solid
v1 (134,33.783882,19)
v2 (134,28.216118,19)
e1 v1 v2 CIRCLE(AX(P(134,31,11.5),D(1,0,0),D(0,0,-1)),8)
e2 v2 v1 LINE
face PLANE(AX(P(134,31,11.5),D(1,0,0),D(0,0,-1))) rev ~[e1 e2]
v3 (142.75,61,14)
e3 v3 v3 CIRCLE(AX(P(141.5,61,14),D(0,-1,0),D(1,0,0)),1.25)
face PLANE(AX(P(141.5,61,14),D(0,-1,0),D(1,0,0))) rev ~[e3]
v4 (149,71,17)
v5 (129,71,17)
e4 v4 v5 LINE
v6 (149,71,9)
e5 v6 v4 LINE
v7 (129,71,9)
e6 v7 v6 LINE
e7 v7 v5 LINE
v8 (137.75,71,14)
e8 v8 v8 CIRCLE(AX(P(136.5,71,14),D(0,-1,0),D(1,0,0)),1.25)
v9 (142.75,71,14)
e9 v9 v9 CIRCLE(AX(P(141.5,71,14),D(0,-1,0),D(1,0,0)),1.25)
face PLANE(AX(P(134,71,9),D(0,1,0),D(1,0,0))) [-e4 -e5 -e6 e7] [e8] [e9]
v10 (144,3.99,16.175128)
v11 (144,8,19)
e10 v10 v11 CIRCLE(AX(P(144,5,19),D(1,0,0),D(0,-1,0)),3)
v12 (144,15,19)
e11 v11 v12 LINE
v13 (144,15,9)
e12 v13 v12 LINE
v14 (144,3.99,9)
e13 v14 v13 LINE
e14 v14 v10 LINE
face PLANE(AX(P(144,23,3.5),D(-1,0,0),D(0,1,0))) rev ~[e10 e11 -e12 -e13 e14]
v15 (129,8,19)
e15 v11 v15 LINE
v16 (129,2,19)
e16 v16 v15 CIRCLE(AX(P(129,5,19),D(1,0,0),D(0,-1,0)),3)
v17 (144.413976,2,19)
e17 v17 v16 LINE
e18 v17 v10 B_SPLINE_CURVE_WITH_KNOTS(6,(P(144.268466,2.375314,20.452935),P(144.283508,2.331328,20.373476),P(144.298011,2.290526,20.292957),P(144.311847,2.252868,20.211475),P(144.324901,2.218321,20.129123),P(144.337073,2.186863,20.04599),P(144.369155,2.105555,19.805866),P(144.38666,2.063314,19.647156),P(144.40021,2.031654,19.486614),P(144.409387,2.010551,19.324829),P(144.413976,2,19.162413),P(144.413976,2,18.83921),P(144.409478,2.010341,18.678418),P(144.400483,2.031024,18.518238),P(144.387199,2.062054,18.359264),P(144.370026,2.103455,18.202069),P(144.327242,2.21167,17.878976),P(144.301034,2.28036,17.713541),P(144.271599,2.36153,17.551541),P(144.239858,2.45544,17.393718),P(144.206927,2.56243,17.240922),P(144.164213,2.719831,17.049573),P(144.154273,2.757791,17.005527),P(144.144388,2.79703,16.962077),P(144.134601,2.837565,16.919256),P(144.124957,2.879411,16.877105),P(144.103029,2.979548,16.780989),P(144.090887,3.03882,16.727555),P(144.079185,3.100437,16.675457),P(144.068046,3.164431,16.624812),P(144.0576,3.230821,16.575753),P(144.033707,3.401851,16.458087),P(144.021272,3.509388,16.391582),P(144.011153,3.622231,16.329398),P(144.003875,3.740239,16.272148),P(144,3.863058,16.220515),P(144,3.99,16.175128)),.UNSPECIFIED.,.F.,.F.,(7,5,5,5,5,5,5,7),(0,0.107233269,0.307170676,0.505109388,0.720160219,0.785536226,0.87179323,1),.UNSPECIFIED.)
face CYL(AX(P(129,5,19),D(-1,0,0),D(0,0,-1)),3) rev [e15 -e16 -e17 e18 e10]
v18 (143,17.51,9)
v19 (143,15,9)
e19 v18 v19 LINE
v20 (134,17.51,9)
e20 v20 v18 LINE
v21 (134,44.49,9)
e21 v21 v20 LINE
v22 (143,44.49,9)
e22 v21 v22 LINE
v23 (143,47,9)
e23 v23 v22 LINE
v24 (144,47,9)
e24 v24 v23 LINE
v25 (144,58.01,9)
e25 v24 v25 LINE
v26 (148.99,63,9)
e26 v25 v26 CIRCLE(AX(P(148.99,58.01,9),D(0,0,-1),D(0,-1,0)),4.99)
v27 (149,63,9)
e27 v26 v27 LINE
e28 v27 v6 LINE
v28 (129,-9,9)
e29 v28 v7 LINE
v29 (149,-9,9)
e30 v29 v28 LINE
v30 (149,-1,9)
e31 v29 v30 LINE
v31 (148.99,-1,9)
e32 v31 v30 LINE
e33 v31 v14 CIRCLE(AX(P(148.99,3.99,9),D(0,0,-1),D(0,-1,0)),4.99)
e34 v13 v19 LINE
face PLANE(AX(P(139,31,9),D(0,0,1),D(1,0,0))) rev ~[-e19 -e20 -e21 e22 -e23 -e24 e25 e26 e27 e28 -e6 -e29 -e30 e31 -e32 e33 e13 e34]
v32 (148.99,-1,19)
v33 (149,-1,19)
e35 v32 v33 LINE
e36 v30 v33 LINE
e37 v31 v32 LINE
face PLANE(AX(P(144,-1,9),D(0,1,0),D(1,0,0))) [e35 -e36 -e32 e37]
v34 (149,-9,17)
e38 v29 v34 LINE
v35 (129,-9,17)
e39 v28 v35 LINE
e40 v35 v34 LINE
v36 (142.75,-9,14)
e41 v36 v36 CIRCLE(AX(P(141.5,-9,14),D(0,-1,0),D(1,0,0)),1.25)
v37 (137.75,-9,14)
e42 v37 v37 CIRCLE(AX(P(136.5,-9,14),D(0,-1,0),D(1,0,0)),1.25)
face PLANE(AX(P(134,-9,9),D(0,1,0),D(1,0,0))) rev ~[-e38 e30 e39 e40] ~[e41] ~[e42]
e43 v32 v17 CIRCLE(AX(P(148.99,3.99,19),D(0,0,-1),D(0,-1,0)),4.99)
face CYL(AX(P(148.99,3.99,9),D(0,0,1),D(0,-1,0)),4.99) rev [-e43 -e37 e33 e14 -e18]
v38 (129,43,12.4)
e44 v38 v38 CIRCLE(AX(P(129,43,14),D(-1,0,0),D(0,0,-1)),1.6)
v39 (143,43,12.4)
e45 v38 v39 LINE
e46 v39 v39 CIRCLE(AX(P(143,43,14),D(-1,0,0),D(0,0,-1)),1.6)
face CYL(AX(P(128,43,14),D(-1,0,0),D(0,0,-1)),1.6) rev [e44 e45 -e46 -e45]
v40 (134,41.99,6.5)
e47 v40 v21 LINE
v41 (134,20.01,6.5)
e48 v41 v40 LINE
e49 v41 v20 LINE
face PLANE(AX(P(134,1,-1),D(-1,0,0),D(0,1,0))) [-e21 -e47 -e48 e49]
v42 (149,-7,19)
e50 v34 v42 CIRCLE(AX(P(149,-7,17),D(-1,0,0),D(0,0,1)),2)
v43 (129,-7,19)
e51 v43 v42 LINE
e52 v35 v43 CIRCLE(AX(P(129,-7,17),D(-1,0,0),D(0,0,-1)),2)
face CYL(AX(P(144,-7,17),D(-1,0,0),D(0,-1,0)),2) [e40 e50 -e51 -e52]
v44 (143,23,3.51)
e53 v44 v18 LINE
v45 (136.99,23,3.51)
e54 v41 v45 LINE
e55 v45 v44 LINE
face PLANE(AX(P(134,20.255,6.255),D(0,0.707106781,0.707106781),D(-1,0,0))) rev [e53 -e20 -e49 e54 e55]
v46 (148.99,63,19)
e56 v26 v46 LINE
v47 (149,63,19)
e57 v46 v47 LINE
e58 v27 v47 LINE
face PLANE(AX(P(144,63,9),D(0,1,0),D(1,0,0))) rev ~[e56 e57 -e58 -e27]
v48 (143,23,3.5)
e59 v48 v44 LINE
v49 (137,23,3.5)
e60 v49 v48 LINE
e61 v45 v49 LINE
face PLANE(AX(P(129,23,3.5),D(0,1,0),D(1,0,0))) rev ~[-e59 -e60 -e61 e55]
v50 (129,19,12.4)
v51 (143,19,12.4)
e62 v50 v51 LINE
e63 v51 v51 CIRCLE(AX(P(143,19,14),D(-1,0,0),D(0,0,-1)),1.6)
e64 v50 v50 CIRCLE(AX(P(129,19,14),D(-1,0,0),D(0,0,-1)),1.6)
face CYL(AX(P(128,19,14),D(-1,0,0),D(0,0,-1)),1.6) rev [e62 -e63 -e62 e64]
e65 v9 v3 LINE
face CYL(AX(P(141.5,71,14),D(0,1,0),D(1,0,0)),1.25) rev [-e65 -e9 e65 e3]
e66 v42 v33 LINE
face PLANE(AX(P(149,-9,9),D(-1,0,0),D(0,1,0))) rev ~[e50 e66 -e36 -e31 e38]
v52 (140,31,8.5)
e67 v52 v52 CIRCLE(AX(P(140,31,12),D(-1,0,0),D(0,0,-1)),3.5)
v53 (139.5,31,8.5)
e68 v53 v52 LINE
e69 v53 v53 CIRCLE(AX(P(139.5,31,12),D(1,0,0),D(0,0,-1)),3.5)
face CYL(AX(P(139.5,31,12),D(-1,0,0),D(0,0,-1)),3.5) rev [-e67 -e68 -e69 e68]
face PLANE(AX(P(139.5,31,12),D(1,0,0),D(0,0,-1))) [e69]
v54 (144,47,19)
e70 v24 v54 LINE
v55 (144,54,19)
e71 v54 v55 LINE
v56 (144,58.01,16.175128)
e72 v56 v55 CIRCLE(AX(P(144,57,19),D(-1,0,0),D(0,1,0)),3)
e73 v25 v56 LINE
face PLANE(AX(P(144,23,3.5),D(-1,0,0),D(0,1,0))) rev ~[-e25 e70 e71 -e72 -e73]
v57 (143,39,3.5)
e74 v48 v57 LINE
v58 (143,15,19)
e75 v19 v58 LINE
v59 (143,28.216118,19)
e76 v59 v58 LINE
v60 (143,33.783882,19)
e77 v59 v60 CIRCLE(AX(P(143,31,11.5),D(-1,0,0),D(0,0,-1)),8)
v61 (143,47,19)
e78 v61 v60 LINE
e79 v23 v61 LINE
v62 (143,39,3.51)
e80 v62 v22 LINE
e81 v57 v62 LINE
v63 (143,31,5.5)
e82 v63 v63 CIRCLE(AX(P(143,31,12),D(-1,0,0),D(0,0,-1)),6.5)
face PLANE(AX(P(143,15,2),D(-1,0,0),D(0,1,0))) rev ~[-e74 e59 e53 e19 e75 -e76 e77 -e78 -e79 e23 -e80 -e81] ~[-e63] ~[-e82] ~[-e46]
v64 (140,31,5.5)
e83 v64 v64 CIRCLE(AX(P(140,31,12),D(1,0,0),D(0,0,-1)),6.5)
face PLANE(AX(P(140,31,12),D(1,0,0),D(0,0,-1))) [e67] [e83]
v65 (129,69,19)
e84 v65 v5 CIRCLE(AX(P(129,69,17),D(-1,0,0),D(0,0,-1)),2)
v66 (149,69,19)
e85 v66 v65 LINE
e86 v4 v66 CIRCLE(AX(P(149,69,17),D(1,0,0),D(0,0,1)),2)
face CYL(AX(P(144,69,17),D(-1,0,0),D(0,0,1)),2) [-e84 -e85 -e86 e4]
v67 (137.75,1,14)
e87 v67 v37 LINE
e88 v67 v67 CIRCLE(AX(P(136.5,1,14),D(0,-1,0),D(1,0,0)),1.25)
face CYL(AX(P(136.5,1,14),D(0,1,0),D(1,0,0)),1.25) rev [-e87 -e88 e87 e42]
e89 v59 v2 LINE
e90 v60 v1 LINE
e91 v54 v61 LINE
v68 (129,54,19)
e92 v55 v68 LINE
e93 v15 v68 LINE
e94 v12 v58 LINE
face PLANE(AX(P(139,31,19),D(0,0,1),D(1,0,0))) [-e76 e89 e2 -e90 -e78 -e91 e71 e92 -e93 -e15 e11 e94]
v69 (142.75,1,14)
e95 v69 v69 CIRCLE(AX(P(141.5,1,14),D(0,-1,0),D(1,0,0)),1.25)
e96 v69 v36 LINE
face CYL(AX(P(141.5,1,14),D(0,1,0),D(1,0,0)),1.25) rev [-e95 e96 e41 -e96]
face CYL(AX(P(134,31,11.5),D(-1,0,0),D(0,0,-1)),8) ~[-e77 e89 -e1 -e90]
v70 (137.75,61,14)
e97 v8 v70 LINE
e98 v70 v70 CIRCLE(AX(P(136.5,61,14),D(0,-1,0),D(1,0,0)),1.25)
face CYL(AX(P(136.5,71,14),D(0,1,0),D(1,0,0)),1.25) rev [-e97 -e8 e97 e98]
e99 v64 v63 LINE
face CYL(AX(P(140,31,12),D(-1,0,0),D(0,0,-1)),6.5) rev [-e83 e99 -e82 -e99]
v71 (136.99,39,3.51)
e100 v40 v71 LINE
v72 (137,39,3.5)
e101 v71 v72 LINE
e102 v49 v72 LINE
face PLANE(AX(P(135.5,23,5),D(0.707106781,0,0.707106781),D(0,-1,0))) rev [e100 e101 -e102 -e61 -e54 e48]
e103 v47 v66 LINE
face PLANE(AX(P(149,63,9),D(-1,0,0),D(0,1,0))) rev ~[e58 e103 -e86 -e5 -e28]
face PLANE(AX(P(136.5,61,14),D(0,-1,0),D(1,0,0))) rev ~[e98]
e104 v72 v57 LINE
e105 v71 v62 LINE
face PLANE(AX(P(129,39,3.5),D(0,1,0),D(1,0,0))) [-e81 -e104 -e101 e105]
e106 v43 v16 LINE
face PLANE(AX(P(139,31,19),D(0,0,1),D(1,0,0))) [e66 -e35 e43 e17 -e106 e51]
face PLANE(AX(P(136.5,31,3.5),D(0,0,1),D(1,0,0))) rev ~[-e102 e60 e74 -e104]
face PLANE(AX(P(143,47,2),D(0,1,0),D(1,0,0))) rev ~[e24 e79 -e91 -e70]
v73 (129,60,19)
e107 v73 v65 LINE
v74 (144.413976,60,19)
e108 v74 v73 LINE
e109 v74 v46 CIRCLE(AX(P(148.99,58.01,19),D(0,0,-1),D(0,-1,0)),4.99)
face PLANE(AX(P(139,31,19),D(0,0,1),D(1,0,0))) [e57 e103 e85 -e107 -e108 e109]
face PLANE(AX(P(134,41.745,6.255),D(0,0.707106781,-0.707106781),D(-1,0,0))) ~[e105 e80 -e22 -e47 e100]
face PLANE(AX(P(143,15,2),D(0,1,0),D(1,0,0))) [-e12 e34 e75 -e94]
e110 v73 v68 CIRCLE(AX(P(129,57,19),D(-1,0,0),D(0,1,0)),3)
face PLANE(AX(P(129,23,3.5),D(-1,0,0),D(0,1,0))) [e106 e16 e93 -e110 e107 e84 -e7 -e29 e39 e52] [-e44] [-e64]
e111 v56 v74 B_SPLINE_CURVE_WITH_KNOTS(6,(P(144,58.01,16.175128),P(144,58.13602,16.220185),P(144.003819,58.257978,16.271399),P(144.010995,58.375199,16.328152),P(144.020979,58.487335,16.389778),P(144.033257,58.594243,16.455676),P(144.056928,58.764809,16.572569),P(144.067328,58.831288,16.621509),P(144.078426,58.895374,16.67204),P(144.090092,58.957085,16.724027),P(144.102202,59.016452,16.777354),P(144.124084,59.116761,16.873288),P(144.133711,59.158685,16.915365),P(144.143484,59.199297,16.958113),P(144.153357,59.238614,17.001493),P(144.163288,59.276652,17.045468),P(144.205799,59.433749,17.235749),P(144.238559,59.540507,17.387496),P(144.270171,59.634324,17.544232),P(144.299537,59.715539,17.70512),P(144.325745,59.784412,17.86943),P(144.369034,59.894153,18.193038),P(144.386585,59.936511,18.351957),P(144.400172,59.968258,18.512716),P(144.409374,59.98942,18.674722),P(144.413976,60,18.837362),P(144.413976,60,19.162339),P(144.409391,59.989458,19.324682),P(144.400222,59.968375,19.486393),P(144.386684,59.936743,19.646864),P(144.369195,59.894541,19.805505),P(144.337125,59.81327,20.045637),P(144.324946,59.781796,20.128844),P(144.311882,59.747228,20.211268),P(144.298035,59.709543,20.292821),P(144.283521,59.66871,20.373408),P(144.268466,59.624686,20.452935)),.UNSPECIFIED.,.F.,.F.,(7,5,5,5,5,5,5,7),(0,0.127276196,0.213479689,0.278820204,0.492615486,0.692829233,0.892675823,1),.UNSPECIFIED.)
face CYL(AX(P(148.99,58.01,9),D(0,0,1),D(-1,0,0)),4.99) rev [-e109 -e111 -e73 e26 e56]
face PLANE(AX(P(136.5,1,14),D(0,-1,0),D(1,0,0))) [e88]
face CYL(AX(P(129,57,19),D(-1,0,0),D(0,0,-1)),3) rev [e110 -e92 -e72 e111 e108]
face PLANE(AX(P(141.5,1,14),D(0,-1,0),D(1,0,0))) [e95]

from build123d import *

# Parameters (mm, degrees)
CYLINDER357_R     = 3
CYLINDER357_DEPTH = 17
CYLINDER356_R     = 3
CYLINDER356_DEPTH = 17
BOX221_W          = 5
BOX221_H          = 8
BOX221_DEPTH      = 10
FILLET089_R       = 2
BOX222_W          = 5
BOX222_H          = 60
BOX222_DEPTH      = 10
BOX217_W          = 1
BOX217_H          = 32
BOX217_DEPTH      = 22
CYLINDER297_R     = 1.6
CYLINDER297_DEPTH = 16
CYLINDER296_R     = 1.6
CYLINDER296_DEPTH = 16
CYLINDER295_R     = 1.25
CYLINDER295_DEPTH = 10
CYLINDER293_R     = 1.25
CYLINDER293_DEPTH = 10
CYLINDER294_R     = 1.25
CYLINDER294_DEPTH = 10
CYLINDER292_R     = 1.25
CYLINDER292_DEPTH = 10
CYLINDER291_R     = 3.5
CYLINDER291_DEPTH = 4
CYLINDER289_R     = 6.5
CYLINDER289_DEPTH = 4
BOX218_W          = 15
BOX218_H          = 16
BOX218_DEPTH      = 5.5
CYLINDER290_R     = 8
CYLINDER290_DEPTH = 10
BOX216_W          = 10
BOX216_H          = 80
BOX216_DEPTH      = 10
BOX219_W          = 5
BOX219_H          = 80
BOX219_DEPTH      = 10
FILLET090_R       = 2
BOX220_W          = 5
BOX220_H          = 8
BOX220_DEPTH      = 10
FILLET088_R       = 2
CHAMFER031_SIZE   = 5.49
CHAMFER032_SIZE   = 3
FILLET110_R       = 4.99


with BuildPart() as cylinder357:
    # Cylinder357 → Cylinder357 (new body)
    with BuildSketch(Plane(origin=(129, 57, 19), x_dir=(0, 0, -1), z_dir=(1, 0, 0))):
        Circle(CYLINDER357_R)
    extrude(amount=CYLINDER357_DEPTH)


with BuildPart() as fusion302:
    # Cylinder356 → Cylinder356 (new body)
    with BuildSketch(Plane(origin=(129, 5, 19), x_dir=(0, 0, -1), z_dir=(1, 0, 0))):
        Circle(CYLINDER356_R)
    extrude(amount=CYLINDER356_DEPTH)

    # Fusion302: union Cylinder357
    add(cylinder357.part)


with BuildPart() as fillet089:
    # Box221 → Box221 (new body)
    with BuildSketch(Plane(origin=(90, 53, 9), x_dir=(1, 0, 0), z_dir=(0, 0, 1))):
        with Locations((2.5, 4)):
            Rectangle(BOX221_W, BOX221_H)
    extrude(amount=BOX221_DEPTH)

    # Fillet089
    fillet089_edges = [fillet089.edges().sort_by_distance(p)[0] for p in [
        (92.5, 61, 19),
    ]]
    fillet(fillet089_edges, radius=FILLET089_R)


with BuildPart() as fillet089_1:
    # Fillet089 placement: moved
    add(fillet089.part.moved(Location((0, 10, 0))))


with BuildPart() as cube302:
    # Box222 → Box222 (new body)
    with BuildSketch(Plane(origin=(75, 1, -1), x_dir=(1, 0, 0), z_dir=(0, 0, 1))):
        with Locations((2.5, 30)):
            Rectangle(BOX222_W, BOX222_H)
    extrude(amount=BOX222_DEPTH)


with BuildPart() as cube297:
    # Box217 → Box217 (new body)
    with BuildSketch(Plane(origin=(89, 15, 2), x_dir=(1, 0, 0), z_dir=(0, 0, 1))):
        with Locations((0.5, 16)):
            Rectangle(BOX217_W, BOX217_H)
    extrude(amount=BOX217_DEPTH)


with BuildPart() as cylinder297:
    # Cylinder297 → Cylinder297 (new body)
    with BuildSketch(Plane(origin=(80, 43, 14), x_dir=(0, 0, -1), z_dir=(1, 0, 0))):
        Circle(CYLINDER297_R)
    extrude(amount=CYLINDER297_DEPTH)


with BuildPart() as fusion262:
    # Cylinder296 → Cylinder296 (new body)
    with BuildSketch(Plane(origin=(80, 19, 14), x_dir=(0, 0, -1), z_dir=(1, 0, 0))):
        Circle(CYLINDER296_R)
    extrude(amount=CYLINDER296_DEPTH)

    # Fusion262: union Cylinder297
    add(cylinder297.part)


with BuildPart() as fusion262_1:
    # Fusion262 placement: moved
    add(fusion262.part.moved(Location((-6, 0, 0))))


with BuildPart() as cylinder295:
    # Cylinder295 → Cylinder295 (new body)
    with BuildSketch(Plane(origin=(87.5, 71, 14), x_dir=(1, 0, 0), z_dir=(0, -1, 0))):
        Circle(CYLINDER295_R)
    extrude(amount=CYLINDER295_DEPTH)


with BuildPart() as fusion260:
    # Cylinder293 → Cylinder293 (new body)
    with BuildSketch(Plane(origin=(87.5, 1, 14), x_dir=(1, 0, 0), z_dir=(0, -1, 0))):
        Circle(CYLINDER293_R)
    extrude(amount=CYLINDER293_DEPTH)

    # Fusion260: union Cylinder295
    add(cylinder295.part)


with BuildPart() as cylinder294:
    # Cylinder294 → Cylinder294 (new body)
    with BuildSketch(Plane(origin=(82.5, 71, 14), x_dir=(1, 0, 0), z_dir=(0, -1, 0))):
        Circle(CYLINDER294_R)
    extrude(amount=CYLINDER294_DEPTH)


with BuildPart() as fusion261:
    # Cylinder292 → Cylinder292 (new body)
    with BuildSketch(Plane(origin=(82.5, 1, 14), x_dir=(1, 0, 0), z_dir=(0, -1, 0))):
        Circle(CYLINDER292_R)
    extrude(amount=CYLINDER292_DEPTH)

    # Fusion259: union Cylinder294
    add(cylinder294.part)

    # Fusion261: union Fusion260
    add(fusion260.part)


with BuildPart() as cylinder291:
    # Cylinder291 → Cylinder291 (new body)
    with BuildSketch(Plane(origin=(89.5, 31, 10), x_dir=(0, 0, -1), z_dir=(1, 0, 0))):
        Circle(CYLINDER291_R)
    extrude(amount=CYLINDER291_DEPTH)


with BuildPart() as fusion257:
    # Cylinder289 → Cylinder289 (new body)
    with BuildSketch(Plane(origin=(90, 31, 10), x_dir=(0, 0, -1), z_dir=(1, 0, 0))):
        Circle(CYLINDER289_R)
    extrude(amount=CYLINDER289_DEPTH)

    # Fusion257: union Cylinder291
    add(cylinder291.part)


with BuildPart() as fusion257_1:
    # Fusion257 placement: moved
    add(fusion257.part.moved(Location((-4, 0, 2))))


with BuildPart() as cube298:
    # Box218 → Box218 (new body)
    with BuildSketch(Plane(origin=(75, 23, 3.5), x_dir=(1, 0, 0), z_dir=(0, 0, 1))):
        with Locations((7.5, 8)):
            Rectangle(BOX218_W, BOX218_H)
    extrude(amount=BOX218_DEPTH)


with BuildPart() as cylinder290:
    # Cylinder290 → Cylinder290 (new body)
    with BuildSketch(Plane(origin=(80, 31, 11.5), x_dir=(0, 0, -1), z_dir=(1, 0, 0))):
        Circle(CYLINDER290_R)
    extrude(amount=CYLINDER290_DEPTH)


with BuildPart() as fusion258:
    # Box216 → Box216 (new body)
    with BuildSketch(Plane(origin=(80, -9, 9), x_dir=(1, 0, 0), z_dir=(0, 0, 1))):
        with Locations((5, 40)):
            Rectangle(BOX216_W, BOX216_H)
    extrude(amount=BOX216_DEPTH)

    # Fusion258: union Cylinder290
    add(cylinder290.part)


with BuildPart() as fillet090:
    # Box219 → Box219 (new body)
    with BuildSketch(Plane(origin=(75, -9, 9), x_dir=(1, 0, 0), z_dir=(0, 0, 1))):
        with Locations((2.5, 40)):
            Rectangle(BOX219_W, BOX219_H)
    extrude(amount=BOX219_DEPTH)

    # Fusion263: union Cube298, Fusion258
    add(cube298.part)
    add(fusion258.part)

    # Cut226: cut Fusion257
    add(fusion257_1.part, mode=Mode.SUBTRACT)

    # Cut227: cut Fusion261
    add(fusion261.part, mode=Mode.SUBTRACT)

    # Cut228: cut Fusion262
    add(fusion262_1.part, mode=Mode.SUBTRACT)

    # Cut229: cut Cube297
    add(cube297.part, mode=Mode.SUBTRACT)

    # Cut230: cut Cube302
    add(cube302.part, mode=Mode.SUBTRACT)

    # Fillet090
    fillet090_edges = [fillet090.edges().sort_by_distance(p)[0] for p in [
        (82.5, -9, 19),
        (82.5, 71, 19),
    ]]
    fillet(fillet090_edges, radius=FILLET090_R)


with BuildPart() as front_threaded_bar_support_wide:
    # Box220 → Box220 (new body)
    with BuildSketch(Plane(origin=(90, 1, 9), x_dir=(1, 0, 0), z_dir=(0, 0, 1))):
        with Locations((2.5, 4)):
            Rectangle(BOX220_W, BOX220_H)
    extrude(amount=BOX220_DEPTH)

    # Fillet088
    fillet088_edges = [front_threaded_bar_support_wide.edges().sort_by_distance(p)[0] for p in [
        (92.5, 1, 19),
    ]]
    fillet(fillet088_edges, radius=FILLET088_R)


with BuildPart() as front_threaded_bar_support_wide_1:
    # Fillet088 placement: moved
    add(front_threaded_bar_support_wide.part.moved(Location((0, -10, 0))))

    # Fusion264: union Fillet089, Fillet090
    add(fillet089_1.part)
    add(fillet090.part)


with BuildPart() as front_threaded_bar_support_wide_2:
    # Fusion264 placement: moved
    add(front_threaded_bar_support_wide_1.part.moved(Location((54, 0, 0))))

    # Cut305: cut Fusion302
    add(fusion302.part, mode=Mode.SUBTRACT)

    # Chamfer031
    chamfer031_edges = [front_threaded_bar_support_wide_2.edges().sort_by_distance(p)[0] for p in [
        (138.5, 39, 9),
        (138.5, 23, 9),
    ]]
    chamfer(chamfer031_edges, length=CHAMFER031_SIZE)

    # Chamfer032
    chamfer032_edges = [front_threaded_bar_support_wide_2.edges().sort_by_distance(p)[0] for p in [
        (134, 31, 3.5),
    ]]
    chamfer(chamfer032_edges, length=CHAMFER032_SIZE)

    # Fillet110
    fillet110_edges = [front_threaded_bar_support_wide_2.edges().sort_by_distance(p)[0] for p in [
        (144, 63, 14),
        (144, -1, 14),
    ]]
    fillet(fillet110_edges, radius=FILLET110_R)


solid = front_threaded_bar_support_wide_2.part
